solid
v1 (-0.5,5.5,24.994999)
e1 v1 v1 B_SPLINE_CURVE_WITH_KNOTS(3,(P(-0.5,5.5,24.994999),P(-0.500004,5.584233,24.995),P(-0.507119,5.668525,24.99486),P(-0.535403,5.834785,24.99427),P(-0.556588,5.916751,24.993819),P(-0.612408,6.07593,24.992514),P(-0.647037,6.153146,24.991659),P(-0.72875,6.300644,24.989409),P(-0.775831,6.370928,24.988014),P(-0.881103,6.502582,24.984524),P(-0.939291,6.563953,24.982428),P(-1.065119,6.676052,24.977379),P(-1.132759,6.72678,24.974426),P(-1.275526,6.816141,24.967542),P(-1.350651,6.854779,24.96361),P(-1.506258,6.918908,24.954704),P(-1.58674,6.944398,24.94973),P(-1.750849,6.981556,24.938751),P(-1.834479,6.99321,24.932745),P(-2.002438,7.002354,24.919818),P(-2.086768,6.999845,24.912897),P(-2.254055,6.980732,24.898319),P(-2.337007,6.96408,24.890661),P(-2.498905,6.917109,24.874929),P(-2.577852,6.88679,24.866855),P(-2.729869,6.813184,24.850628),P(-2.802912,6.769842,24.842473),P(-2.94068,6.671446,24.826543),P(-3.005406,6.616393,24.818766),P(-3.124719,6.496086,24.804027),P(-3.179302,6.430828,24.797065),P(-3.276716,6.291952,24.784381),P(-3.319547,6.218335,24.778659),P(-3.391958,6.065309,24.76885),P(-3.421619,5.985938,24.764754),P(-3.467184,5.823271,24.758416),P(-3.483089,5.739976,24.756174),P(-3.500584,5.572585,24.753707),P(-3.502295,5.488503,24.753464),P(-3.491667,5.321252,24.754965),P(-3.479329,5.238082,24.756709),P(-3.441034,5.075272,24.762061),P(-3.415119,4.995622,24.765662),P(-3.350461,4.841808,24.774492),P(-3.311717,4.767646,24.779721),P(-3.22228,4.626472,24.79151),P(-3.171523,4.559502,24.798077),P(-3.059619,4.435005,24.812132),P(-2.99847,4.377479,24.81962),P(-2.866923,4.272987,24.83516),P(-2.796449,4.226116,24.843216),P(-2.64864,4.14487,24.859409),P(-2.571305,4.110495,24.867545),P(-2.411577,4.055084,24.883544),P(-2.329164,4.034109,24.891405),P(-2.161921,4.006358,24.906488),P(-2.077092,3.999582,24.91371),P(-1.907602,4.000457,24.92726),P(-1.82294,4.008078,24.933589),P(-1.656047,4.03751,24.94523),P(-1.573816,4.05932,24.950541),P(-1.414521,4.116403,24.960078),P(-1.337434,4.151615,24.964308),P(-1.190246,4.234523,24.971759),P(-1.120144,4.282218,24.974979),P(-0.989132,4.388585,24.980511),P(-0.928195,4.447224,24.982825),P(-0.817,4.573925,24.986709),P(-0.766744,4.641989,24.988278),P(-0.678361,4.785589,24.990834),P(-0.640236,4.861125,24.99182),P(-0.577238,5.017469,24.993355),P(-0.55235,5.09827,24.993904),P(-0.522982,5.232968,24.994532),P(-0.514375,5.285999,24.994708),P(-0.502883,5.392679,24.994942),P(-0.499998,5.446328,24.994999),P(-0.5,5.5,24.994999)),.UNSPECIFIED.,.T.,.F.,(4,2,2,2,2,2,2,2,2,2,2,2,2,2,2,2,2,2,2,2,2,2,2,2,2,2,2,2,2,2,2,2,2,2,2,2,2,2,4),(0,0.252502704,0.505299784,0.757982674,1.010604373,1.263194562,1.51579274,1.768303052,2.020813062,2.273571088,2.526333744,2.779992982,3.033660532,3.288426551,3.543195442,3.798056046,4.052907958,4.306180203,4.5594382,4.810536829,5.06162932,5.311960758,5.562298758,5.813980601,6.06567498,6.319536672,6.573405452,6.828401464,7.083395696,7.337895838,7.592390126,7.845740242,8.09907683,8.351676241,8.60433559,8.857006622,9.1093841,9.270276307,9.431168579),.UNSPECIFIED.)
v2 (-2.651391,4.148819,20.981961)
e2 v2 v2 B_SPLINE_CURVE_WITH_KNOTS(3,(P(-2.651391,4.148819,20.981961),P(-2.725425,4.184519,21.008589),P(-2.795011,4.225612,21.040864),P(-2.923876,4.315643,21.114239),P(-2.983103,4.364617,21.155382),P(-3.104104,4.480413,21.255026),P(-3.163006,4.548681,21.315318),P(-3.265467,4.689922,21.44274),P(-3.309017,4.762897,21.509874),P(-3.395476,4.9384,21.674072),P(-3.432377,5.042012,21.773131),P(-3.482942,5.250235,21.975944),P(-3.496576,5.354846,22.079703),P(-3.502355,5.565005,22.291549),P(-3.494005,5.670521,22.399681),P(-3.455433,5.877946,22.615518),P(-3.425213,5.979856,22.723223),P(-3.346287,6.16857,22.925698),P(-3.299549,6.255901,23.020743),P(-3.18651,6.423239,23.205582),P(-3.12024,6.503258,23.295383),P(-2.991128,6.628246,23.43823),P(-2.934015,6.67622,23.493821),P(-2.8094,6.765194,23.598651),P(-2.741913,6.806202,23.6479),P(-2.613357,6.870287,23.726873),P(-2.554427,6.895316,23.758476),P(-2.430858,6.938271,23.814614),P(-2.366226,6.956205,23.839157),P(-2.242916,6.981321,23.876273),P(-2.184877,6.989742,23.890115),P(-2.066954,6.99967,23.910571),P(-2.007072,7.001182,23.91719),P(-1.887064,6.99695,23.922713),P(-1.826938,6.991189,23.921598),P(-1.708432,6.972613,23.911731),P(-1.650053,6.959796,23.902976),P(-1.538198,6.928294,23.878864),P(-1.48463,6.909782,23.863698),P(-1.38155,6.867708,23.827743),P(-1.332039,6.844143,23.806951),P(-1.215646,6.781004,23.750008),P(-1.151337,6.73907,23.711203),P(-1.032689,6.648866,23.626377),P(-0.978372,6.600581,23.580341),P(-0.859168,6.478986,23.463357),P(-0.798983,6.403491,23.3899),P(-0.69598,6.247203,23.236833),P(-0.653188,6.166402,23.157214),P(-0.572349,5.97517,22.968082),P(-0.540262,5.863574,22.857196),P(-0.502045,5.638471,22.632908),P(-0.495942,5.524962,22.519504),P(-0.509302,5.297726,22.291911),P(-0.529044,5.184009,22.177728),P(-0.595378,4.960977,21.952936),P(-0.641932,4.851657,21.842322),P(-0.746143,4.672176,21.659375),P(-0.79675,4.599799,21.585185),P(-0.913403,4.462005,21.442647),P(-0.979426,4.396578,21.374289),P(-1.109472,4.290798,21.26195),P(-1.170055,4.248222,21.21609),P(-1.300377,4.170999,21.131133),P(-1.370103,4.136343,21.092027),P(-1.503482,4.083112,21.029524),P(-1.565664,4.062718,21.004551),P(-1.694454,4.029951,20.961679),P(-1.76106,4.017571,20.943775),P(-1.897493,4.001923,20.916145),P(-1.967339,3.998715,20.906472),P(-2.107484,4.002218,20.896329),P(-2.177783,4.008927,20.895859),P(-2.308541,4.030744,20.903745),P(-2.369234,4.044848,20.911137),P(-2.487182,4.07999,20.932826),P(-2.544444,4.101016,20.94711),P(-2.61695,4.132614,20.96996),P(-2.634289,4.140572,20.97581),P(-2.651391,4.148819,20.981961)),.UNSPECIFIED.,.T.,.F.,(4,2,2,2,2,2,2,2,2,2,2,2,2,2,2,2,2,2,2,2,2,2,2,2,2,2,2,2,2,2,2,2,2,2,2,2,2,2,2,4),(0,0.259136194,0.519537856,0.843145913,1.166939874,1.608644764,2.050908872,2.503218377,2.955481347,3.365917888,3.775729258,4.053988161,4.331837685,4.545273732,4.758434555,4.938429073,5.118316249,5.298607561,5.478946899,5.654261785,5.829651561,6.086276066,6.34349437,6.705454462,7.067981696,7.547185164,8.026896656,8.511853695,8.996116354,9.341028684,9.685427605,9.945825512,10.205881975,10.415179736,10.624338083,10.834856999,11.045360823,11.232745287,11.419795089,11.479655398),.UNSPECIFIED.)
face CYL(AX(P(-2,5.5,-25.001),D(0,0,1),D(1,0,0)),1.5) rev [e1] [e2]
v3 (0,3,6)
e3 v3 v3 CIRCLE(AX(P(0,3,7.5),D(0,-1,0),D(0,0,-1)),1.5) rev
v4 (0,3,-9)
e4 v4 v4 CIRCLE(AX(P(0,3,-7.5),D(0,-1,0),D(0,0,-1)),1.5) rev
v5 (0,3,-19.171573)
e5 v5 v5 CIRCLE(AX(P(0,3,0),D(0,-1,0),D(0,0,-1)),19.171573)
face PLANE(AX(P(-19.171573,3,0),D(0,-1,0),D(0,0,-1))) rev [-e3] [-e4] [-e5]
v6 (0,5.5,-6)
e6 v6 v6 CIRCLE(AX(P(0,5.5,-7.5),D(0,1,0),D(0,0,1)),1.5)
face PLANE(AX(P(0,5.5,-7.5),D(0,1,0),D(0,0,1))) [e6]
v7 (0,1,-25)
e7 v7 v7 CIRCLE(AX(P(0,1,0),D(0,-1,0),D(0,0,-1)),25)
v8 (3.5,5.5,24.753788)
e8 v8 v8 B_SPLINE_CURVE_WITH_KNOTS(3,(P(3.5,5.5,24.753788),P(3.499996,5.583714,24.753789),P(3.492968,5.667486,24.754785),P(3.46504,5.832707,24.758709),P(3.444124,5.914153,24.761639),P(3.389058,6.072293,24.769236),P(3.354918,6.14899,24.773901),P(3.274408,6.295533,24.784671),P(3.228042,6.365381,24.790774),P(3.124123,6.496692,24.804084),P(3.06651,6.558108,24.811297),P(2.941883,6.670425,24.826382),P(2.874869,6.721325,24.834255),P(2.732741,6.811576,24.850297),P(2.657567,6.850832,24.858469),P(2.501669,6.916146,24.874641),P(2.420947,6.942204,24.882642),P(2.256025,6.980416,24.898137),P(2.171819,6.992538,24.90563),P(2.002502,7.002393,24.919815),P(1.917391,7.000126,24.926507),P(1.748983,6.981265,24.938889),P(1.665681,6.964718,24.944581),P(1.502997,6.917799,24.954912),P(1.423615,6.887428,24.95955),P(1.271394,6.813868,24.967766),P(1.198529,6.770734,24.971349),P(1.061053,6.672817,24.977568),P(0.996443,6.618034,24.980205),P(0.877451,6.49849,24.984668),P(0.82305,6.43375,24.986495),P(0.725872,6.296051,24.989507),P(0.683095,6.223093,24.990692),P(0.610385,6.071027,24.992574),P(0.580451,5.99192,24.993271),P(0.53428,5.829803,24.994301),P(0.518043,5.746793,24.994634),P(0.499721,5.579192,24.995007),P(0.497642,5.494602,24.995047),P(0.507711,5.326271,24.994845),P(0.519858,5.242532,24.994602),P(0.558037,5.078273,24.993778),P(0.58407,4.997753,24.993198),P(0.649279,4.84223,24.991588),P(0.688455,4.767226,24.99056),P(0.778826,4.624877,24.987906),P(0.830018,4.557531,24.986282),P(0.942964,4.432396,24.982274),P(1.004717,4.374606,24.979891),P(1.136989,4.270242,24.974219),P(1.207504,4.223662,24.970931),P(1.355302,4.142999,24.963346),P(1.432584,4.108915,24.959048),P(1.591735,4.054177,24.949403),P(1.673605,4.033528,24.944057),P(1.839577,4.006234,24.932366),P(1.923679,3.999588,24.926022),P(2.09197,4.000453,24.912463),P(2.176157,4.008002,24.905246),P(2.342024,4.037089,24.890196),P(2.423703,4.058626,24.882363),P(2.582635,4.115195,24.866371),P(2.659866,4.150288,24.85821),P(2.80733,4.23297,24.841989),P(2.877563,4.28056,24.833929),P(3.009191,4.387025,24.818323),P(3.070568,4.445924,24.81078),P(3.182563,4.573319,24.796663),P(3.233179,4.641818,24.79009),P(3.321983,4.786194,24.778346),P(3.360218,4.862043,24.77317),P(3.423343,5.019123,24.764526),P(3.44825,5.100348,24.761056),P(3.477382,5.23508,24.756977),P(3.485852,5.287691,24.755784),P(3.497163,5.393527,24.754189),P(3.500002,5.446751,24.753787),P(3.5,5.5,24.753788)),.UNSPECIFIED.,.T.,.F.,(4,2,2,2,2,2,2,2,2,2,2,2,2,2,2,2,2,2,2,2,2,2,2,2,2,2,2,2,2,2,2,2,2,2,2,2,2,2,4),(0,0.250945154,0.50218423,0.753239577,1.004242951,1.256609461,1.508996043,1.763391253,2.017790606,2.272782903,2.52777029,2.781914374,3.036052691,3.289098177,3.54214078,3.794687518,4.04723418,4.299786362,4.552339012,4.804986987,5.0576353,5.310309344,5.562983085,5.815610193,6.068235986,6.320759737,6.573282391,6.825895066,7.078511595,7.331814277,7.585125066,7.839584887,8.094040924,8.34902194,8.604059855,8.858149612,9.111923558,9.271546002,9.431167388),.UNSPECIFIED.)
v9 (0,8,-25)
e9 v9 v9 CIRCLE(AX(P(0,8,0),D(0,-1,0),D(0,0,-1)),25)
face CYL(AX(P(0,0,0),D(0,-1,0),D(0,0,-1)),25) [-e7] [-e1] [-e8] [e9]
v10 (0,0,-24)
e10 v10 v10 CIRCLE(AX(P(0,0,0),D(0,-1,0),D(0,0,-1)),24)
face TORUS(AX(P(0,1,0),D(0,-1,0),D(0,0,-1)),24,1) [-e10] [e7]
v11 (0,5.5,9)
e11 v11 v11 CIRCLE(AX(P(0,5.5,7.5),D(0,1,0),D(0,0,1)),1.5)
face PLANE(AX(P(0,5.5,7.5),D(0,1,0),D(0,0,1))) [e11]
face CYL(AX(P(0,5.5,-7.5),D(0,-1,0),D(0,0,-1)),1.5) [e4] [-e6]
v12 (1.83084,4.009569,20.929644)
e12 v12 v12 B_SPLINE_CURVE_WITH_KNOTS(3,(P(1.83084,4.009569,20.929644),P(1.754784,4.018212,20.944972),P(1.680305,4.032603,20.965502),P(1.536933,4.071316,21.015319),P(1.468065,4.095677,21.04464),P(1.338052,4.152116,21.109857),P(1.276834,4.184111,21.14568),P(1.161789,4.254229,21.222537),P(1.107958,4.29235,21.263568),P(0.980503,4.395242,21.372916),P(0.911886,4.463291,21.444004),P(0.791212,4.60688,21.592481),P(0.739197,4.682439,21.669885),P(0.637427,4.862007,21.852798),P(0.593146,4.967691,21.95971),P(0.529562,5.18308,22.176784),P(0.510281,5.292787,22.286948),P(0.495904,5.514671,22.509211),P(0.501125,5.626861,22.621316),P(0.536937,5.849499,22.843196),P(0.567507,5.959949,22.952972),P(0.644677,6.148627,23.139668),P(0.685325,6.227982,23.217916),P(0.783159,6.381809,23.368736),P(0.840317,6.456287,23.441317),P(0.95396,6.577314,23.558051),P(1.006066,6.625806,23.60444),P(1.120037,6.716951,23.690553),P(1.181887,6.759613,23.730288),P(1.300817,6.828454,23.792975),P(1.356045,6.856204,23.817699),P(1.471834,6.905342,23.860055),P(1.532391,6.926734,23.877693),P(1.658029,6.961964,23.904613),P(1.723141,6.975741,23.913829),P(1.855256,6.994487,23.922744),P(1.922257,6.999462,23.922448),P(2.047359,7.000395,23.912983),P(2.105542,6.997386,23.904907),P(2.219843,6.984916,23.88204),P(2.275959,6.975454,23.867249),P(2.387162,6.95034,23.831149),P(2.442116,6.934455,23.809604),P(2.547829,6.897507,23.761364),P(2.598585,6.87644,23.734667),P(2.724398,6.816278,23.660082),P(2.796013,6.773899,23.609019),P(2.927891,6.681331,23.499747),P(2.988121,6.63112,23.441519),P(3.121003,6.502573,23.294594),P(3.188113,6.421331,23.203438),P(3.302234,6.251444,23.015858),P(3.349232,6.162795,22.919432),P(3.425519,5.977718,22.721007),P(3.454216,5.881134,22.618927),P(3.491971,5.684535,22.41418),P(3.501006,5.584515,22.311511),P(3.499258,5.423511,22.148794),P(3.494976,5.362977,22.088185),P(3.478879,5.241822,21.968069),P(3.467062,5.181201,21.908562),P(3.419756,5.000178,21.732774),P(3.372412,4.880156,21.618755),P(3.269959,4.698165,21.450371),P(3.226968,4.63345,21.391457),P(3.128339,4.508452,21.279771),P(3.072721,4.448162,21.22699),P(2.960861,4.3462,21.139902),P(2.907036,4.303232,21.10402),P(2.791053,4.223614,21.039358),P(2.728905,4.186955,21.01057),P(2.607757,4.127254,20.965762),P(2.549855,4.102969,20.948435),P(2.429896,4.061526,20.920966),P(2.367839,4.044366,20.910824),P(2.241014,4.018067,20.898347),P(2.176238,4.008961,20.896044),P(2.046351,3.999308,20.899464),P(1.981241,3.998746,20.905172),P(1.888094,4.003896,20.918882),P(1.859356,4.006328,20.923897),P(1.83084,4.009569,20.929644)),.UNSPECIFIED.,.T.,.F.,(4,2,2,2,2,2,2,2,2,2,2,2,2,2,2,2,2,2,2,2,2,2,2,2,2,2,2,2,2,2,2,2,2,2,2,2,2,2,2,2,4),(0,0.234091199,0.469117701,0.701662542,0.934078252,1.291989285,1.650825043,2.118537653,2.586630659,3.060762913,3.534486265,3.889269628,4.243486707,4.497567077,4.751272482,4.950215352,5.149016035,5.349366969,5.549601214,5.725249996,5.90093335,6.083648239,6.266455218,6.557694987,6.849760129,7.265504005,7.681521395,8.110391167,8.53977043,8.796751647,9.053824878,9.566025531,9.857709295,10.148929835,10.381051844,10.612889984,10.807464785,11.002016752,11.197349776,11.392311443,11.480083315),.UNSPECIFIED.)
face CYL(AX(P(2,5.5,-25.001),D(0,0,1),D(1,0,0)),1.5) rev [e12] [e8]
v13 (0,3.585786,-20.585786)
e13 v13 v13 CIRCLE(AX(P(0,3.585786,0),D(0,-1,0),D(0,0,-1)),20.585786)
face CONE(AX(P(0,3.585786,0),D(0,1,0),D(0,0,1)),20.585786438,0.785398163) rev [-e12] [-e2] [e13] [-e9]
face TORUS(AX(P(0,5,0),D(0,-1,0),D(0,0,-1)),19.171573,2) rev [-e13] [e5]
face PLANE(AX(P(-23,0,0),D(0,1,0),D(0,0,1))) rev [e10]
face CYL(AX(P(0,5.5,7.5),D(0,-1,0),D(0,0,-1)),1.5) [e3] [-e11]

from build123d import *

# Parameters (mm, degrees)
CUT_EXTRUDE1_REACH  = 58.471
SKETCH5_R           = 1.5
SKETCH6_R           = 1.5
BOSS_EXTRUDE1_DEPTH = 2.5


with BuildPart() as part:
    # Sketch3 → Revolve3 (revolve)
    with BuildSketch(Plane.XY, mode=Mode.PRIVATE) as revolve3_sk:
        with BuildLine():
            Line((-23, 0), (0, 0))
            Line((0, 0), (0, 3))
            Line((0, 3), (-19.171572875, 3))
            ThreePointArc((-19.171572875, 3), (-19.93693974, 3.152240935), (-20.585786438, 3.585786438))
            Line((-20.585786438, 3.585786438), (-25, 8))
            Line((-25, 8), (-25, 1))
            ThreePointArc((-25, 1), (-24.707106781, 0.292893219), (-24, 0))
            Line((-24, 0), (-23, 0))
        make_face()
    revolve(revolve3_sk.sketch.rotate(Axis((0, 0, 0), (0, 1, 0)), 270), axis=Axis((0, 0, 0), (0, 1, 0)))

    # Cut-Extrude1: up to this cone (the profile starts outside it)
    cut_extrude1_end = Plane(origin=(0, 5.5, 0), z_dir=(0, 1, 0)).offset(-22.499999) * Cone(1e-06, 103.971, 103.970999, align=(Align.CENTER, Align.CENTER, Align.MIN), mode=Mode.PRIVATE)
    # Sketch5 → Cut-Extrude1 (cut, up to the surface)
    with BuildSketch(Plane.XY.offset(25), mode=Mode.PRIVATE) as cut_extrude1_sk1:
        with Locations((-2, 5.5)):
            Circle(SKETCH5_R)
    cut_extrude1_tool1 = extrude(cut_extrude1_sk1.sketch, amount=-CUT_EXTRUDE1_REACH, mode=Mode.PRIVATE) - cut_extrude1_end
    add(cut_extrude1_tool1.solids().sort_by_distance((-2, 5.5, 25))[0], mode=Mode.SUBTRACT)
    # Sketch5 → Cut-Extrude1 (cut, up to the surface)
    with BuildSketch(Plane.XY.offset(25), mode=Mode.PRIVATE) as cut_extrude1_sk2:
        with Locations((2, 5.5)):
            Circle(SKETCH5_R)
    cut_extrude1_tool2 = extrude(cut_extrude1_sk2.sketch, amount=-CUT_EXTRUDE1_REACH, mode=Mode.PRIVATE) - cut_extrude1_end
    add(cut_extrude1_tool2.solids().sort_by_distance((2, 5.5, 25))[0], mode=Mode.SUBTRACT)

    # Sketch6 → Boss-Extrude1 (add)
    with BuildSketch(Plane(origin=(0, 3, 0), x_dir=(1, 0, 0), z_dir=(0, 1, 0))):
        with Locations(Location((0, 7.5, 0), (0, 0, 90))):
            Circle(SKETCH6_R)
        with Locations(Location((0, -7.5, 0), (0, 0, 90))):
            Circle(SKETCH6_R)
    extrude(amount=BOSS_EXTRUDE1_DEPTH)


solid = part.part
